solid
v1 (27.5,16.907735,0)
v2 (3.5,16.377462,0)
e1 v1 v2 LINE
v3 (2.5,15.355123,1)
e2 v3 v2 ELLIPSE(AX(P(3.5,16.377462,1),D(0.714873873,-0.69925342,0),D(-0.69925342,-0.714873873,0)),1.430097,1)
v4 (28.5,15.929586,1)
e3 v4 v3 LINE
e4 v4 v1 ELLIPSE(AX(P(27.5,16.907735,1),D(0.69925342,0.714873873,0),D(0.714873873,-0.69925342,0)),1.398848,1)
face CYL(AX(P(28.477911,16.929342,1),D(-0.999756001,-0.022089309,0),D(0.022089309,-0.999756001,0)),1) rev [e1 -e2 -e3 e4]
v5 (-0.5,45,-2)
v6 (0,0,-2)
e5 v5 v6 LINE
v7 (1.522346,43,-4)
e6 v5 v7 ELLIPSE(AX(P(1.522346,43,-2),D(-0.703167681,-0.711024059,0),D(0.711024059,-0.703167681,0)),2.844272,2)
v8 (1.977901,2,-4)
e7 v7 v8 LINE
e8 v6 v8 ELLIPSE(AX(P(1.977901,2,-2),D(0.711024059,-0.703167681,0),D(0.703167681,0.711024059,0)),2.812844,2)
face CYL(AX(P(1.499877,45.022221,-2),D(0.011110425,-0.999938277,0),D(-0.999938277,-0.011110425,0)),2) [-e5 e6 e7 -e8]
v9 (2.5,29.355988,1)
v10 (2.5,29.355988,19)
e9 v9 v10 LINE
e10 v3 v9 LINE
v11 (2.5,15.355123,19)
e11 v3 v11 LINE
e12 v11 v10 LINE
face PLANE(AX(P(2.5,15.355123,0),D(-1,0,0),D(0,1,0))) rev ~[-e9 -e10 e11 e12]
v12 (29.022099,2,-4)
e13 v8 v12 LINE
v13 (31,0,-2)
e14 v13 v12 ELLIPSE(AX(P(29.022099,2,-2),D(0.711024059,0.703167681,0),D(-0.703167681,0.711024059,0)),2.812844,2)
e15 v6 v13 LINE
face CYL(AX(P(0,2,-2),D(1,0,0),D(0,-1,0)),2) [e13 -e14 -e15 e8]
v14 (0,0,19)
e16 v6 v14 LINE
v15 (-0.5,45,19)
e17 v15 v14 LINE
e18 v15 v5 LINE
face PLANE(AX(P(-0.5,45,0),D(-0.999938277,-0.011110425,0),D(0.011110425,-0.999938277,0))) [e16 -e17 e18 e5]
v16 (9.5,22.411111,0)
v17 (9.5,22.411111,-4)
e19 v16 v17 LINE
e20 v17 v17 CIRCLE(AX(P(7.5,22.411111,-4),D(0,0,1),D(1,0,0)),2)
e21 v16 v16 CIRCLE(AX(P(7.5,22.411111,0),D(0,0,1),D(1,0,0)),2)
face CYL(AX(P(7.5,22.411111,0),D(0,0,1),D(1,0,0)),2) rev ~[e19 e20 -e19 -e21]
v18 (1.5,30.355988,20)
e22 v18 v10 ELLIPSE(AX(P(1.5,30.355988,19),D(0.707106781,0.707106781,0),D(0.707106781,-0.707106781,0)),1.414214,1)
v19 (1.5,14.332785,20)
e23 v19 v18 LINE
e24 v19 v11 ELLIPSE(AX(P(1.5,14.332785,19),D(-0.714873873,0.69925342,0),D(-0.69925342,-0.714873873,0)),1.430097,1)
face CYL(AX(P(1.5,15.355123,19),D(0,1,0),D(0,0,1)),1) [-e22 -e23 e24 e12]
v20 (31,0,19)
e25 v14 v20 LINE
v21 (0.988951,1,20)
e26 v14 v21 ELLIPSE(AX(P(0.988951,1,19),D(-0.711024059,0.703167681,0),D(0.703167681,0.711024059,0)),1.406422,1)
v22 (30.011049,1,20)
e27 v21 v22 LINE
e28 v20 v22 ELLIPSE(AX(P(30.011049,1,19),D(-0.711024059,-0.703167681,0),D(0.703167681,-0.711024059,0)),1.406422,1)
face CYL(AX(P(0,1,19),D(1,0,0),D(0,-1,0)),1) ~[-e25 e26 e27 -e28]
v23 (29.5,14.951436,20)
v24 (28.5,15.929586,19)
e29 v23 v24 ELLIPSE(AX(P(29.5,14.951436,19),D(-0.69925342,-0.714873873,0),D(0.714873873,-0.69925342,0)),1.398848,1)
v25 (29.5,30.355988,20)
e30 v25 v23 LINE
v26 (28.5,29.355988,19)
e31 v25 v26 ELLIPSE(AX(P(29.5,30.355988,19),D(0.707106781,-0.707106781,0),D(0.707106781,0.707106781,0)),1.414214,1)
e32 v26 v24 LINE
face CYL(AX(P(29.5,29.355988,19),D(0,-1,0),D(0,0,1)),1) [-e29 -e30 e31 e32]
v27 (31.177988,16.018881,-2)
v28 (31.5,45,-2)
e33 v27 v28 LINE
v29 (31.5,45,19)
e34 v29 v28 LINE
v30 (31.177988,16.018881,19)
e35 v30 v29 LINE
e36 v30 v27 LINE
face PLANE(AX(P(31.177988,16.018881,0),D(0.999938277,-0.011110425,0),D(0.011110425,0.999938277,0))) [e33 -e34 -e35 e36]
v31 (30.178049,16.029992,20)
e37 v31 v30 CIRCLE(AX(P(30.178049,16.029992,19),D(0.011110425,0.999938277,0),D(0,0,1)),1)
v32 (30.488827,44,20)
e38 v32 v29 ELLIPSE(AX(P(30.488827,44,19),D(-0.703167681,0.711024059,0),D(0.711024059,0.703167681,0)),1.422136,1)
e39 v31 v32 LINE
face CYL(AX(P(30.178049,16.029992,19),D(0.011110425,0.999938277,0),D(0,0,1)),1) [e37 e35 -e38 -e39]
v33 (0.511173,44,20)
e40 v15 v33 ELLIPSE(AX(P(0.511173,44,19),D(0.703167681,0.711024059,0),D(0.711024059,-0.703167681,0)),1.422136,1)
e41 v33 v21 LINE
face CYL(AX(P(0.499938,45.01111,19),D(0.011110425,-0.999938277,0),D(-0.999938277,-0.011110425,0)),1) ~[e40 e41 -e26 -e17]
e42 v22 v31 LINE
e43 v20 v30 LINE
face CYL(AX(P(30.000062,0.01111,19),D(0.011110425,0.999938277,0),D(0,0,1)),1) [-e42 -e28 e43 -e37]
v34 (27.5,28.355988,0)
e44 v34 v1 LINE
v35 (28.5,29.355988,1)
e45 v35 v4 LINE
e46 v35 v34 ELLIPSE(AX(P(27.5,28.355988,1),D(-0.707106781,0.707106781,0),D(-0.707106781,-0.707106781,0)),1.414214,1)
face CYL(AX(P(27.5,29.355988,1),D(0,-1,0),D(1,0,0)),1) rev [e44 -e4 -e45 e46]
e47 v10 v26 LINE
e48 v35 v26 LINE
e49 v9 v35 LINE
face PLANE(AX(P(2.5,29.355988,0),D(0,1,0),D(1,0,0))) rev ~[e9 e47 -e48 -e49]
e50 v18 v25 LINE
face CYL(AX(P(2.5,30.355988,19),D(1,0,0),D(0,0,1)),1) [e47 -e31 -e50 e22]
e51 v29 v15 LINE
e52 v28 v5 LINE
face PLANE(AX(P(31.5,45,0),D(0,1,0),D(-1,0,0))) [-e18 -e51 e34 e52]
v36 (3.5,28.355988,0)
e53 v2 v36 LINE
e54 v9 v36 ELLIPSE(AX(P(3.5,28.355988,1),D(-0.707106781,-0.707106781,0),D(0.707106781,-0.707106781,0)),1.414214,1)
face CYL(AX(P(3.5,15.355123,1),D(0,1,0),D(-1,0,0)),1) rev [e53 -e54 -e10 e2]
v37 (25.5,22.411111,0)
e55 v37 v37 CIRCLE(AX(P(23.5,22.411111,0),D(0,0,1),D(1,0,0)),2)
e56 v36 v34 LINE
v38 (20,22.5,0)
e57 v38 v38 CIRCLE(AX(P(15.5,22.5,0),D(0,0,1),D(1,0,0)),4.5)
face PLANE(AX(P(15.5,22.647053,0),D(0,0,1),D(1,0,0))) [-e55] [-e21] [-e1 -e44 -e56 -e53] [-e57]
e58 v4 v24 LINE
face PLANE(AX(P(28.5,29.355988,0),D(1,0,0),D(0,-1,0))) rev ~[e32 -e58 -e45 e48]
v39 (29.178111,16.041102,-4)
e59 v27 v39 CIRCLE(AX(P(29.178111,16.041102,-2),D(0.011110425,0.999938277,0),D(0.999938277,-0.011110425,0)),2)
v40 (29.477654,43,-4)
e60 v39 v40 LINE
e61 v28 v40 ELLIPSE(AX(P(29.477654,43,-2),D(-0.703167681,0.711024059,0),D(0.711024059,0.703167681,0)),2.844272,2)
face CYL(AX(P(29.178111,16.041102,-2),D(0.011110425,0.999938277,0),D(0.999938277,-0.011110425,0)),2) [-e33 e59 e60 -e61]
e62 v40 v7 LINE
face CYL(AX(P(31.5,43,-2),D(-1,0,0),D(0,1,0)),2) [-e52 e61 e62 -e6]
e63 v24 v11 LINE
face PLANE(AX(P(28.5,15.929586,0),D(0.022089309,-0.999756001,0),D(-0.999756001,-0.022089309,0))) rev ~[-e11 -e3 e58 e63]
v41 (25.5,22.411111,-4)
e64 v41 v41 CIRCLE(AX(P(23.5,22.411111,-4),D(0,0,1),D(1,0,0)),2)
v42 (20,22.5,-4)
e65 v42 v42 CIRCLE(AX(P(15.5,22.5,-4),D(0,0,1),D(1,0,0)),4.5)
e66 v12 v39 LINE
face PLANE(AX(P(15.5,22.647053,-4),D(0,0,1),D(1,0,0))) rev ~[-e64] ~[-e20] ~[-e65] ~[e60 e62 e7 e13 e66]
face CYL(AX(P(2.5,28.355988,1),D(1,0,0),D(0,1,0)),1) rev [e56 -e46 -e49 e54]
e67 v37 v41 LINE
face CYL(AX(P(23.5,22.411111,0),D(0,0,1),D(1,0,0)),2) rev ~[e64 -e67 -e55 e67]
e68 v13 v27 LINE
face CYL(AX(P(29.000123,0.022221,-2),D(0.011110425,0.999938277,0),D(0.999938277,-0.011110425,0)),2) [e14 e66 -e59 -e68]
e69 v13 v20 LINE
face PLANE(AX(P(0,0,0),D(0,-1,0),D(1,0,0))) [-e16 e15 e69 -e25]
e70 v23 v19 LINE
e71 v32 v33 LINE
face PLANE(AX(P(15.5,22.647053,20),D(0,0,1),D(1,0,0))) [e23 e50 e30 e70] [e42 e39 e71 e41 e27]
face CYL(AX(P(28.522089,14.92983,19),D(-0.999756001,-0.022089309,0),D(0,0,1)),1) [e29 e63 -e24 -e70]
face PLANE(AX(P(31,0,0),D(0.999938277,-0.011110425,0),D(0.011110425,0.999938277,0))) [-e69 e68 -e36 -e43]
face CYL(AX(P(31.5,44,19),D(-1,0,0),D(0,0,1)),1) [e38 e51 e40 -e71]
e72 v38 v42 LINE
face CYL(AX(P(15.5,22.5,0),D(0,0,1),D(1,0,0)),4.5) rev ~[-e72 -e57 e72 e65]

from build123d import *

# Parameters (mm, degrees)
F1_DEPTH = 20
F0_R     = 2
F0_R_2   = 4.5
F2_DEPTH = 4
F3_R     = 2
F4_R     = 1


with BuildPart() as f1:
    # F0 (on Top) → F1 (new body)
    with BuildSketch(Plane.XY):
        Polygon((-0.5, 45), (0, 0), (31, 0), (31.1779875703, 16.0188813289), (31.5, 45), (15.5, 45), align=None)
        Polygon((28.5000000559, 15.9295856795), (2.4999999441, 15.3551234695), (2.4999999441, 29.3559876404), (28.5000000559, 29.3559876404), align=None, mode=Mode.SUBTRACT)
    extrude(amount=F1_DEPTH)

    # F0 (on Top) → F2 (join)
    with BuildSketch(Plane.XY):
        Polygon((-0.5, 45), (0, 0), (31, 0), (31.1779875703, 16.0188813289), (31.5, 45), (15.5, 45), align=None)
        Polygon((28.5000000559, 15.9295856795), (2.4999999441, 15.3551234695), (2.4999999441, 29.3559876404), (28.5000000559, 29.3559876404), align=None, mode=Mode.SUBTRACT)
        Polygon((2.4999999441, 29.3559876404), (2.4999999441, 15.3551234695), (28.5000000559, 15.9295856795), (28.5000000559, 29.3559876404), align=None)
        with Locations((7.5, 22.4111111111)):
            Circle(F0_R, mode=Mode.SUBTRACT)
        with Locations((23.5, 22.4111111111)):
            Circle(F0_R, mode=Mode.SUBTRACT)
        with Locations((15.5, 22.5)):
            Circle(F0_R_2, mode=Mode.SUBTRACT)
    extrude(amount=-F2_DEPTH)

    # F3
    f3_edges = [f1.edges().sort_by_distance(p)[0] for p in [
        (31.25, 22.5, -4),
        (15.5, 0, -4),
        (-0.25, 22.5, -4),
        (15.5, 45, -4),
    ]]
    fillet(f3_edges, radius=F3_R)

    # F4
    f4_edges = [f1.edges().sort_by_distance(p)[0] for p in [
        (15.5, 0, 20),
        (31.25, 22.5, 20),
        (-0.25, 22.5, 20),
        (15.5, 45, 20),
        (15.5, 29.355988, 20),
        (28.5, 22.642787, 20),
        (15.5, 15.642355, 20),
        (2.5, 22.355556, 20),
        (28.5, 22.642787, 0),
        (15.5, 15.642355, 0),
        (15.5, 29.355988, 0),
        (2.5, 22.355556, 0),
    ]]
    fillet(f4_edges, radius=F4_R)


solid = f1.part
